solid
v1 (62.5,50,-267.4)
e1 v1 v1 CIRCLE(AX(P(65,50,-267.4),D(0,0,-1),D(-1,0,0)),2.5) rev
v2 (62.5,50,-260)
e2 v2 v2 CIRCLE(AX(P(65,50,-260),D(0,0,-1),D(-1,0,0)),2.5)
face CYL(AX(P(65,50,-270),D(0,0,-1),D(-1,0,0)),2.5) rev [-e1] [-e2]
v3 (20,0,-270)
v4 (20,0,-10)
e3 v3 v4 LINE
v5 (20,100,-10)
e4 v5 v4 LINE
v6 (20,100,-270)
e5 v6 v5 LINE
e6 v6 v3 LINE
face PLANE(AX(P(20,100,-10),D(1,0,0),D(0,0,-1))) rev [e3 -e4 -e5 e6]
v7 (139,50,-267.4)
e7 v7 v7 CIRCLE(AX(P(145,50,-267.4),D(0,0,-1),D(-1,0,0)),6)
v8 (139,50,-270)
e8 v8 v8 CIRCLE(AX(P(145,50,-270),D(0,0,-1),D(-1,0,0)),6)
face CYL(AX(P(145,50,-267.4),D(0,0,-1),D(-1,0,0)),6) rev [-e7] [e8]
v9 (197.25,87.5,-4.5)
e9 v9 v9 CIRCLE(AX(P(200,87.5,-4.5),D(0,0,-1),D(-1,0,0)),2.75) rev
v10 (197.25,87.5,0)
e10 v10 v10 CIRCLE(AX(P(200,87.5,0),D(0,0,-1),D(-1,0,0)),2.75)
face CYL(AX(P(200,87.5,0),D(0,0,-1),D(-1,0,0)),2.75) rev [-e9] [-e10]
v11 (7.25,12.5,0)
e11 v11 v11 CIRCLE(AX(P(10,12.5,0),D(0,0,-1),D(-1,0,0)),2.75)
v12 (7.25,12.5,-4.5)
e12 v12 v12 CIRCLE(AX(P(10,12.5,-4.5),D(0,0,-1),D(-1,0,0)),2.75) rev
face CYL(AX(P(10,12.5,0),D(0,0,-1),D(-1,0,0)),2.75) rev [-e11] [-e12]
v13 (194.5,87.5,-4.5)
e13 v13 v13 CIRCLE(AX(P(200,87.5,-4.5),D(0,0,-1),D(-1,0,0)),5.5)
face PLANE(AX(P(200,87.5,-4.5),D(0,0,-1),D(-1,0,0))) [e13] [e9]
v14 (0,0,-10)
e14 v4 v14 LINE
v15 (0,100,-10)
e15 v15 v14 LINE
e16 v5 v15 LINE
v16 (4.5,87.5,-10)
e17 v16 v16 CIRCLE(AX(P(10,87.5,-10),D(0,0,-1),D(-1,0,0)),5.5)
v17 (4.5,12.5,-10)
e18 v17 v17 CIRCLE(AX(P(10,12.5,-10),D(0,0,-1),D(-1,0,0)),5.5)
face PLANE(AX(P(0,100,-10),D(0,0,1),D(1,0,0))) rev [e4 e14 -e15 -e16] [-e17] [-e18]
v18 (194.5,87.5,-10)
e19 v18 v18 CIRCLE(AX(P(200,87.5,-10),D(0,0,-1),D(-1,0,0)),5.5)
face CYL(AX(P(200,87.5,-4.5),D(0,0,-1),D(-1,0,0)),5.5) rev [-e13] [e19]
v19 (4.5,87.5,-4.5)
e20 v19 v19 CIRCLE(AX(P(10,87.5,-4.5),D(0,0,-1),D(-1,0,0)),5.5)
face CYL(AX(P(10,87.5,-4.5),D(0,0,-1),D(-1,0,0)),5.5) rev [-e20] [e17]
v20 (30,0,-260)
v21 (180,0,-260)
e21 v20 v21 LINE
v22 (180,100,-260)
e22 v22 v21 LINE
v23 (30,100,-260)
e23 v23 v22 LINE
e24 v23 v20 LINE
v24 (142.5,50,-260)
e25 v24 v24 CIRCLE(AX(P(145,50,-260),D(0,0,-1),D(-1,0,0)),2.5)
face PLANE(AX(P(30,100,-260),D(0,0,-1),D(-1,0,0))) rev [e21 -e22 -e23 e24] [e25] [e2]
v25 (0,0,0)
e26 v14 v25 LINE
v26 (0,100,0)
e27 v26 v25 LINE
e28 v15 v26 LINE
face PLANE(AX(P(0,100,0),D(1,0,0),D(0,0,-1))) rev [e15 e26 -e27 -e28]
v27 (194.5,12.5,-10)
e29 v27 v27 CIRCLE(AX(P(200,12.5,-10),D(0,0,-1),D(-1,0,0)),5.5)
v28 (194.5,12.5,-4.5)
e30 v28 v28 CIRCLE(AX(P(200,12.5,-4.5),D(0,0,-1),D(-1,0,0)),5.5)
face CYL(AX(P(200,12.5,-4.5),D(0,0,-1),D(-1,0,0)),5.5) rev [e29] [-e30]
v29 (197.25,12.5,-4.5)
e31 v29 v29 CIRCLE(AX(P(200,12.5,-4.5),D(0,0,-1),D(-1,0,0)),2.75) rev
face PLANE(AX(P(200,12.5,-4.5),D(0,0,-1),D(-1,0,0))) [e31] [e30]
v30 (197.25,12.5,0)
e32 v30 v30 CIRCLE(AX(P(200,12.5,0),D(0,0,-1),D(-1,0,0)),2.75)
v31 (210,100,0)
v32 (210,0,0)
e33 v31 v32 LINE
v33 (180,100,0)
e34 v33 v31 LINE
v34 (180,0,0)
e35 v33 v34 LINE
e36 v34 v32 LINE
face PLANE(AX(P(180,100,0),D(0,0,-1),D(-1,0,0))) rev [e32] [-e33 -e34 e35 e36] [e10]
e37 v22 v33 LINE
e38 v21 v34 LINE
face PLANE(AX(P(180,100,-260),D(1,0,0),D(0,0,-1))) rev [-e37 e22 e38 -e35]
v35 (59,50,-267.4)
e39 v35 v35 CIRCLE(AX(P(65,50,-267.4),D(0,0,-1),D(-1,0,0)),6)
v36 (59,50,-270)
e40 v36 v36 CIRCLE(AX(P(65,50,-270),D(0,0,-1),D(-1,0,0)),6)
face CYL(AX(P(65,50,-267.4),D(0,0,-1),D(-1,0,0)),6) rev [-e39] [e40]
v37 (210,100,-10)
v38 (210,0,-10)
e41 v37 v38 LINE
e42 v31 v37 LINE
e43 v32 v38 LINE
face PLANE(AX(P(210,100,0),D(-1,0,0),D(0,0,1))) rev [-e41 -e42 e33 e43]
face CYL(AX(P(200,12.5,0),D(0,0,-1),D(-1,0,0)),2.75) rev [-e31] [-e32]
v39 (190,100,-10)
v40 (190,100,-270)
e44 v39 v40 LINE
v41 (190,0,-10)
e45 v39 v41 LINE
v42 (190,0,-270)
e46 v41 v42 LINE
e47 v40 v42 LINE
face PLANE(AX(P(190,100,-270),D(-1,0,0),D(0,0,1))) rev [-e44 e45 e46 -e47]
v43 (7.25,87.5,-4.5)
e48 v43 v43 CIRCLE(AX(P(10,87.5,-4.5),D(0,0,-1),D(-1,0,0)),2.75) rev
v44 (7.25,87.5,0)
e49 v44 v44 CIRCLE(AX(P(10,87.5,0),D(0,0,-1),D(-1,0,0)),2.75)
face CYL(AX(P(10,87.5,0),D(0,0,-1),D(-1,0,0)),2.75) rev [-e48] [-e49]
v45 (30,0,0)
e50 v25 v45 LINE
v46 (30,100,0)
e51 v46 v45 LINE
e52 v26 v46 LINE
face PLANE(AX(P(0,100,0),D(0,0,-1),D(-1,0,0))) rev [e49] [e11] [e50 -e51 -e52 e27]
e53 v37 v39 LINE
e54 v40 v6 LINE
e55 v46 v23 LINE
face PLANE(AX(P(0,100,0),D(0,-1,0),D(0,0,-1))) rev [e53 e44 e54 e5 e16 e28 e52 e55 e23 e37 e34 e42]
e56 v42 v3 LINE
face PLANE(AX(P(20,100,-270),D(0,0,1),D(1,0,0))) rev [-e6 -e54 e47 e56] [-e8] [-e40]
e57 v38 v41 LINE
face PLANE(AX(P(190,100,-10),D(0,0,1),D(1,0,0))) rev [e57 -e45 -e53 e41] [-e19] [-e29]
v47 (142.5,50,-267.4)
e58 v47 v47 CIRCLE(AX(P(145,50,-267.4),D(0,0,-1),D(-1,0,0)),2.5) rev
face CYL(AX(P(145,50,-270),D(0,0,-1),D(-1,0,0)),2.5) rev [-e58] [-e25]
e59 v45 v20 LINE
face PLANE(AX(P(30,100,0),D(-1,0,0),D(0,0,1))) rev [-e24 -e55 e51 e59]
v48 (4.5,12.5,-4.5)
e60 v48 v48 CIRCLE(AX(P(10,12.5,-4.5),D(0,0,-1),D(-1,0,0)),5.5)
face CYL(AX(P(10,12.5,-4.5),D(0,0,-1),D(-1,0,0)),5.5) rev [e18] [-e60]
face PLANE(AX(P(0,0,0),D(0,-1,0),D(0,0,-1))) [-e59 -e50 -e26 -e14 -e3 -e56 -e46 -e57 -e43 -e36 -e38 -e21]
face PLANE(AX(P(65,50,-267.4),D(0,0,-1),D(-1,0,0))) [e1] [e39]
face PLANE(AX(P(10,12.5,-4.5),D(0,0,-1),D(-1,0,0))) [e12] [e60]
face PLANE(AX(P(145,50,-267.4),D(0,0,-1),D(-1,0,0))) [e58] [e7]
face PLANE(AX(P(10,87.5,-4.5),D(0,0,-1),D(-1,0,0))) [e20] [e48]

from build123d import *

# Parameters (mm, degrees)
BOSS_EXTRUDE1_DEPTH   = 100
M6_TAPPED_HOLE2_D     = 5
M6_TAPPED_HOLE2_DEPTH = 13.497848452
M6_TAPPED_HOLE2_TIP   = 1.502151548
SKETCH9_R             = 6
CUT_EXTRUDE2_DEPTH    = 2.6
SKETCH10_R            = 2.75
CUT_EXTRUDE3_DEPTH    = 11
SKETCH11_R            = 5.5
CUT_EXTRUDE4_DEPTH    = 5.5


with BuildPart() as part:
    # Sketch1 → Boss-Extrude1 (new body)
    with BuildSketch(Plane(origin=(0, 0, 0), x_dir=(1, 0, 0), z_dir=(0, 1, 0))):
        Polygon((0, 0), (30, 0), (30, 260), (180, 260), (180, 0), (210, 0), (210, 10), (190, 10), (190, 270), (20, 270), (20, 10), (0, 10), align=None)
    extrude(amount=BOSS_EXTRUDE1_DEPTH)

    # M6 Tapped Hole2
    with Locations(Plane(origin=(0, 0, -270), x_dir=(-1, 0, 0), z_dir=(0, 0, -1))):
        with Locations((-145, 50), (-65, 50)):
            Hole(M6_TAPPED_HOLE2_D / 2, depth=M6_TAPPED_HOLE2_DEPTH)
            with Locations((0, 0, -(M6_TAPPED_HOLE2_DEPTH + M6_TAPPED_HOLE2_TIP / 2))):  # 118° drill point
                Cone(0, M6_TAPPED_HOLE2_D / 2, M6_TAPPED_HOLE2_TIP, mode=Mode.SUBTRACT)

    # Sketch9 → Cut-Extrude2 (cut)
    with BuildSketch(Plane(origin=(0, 0, -270), x_dir=(-1, 0, 0), z_dir=(0, 0, -1))):
        with Locations((-145, 50)):
            Circle(SKETCH9_R)
        with Locations((-65, 50)):
            Circle(SKETCH9_R)
    extrude(amount=-CUT_EXTRUDE2_DEPTH, mode=Mode.SUBTRACT)

    # Sketch10 → Cut-Extrude3 (cut, through all)
    with BuildSketch(Plane(origin=(0, 0, -10), x_dir=(-1, 0, 0), z_dir=(0, 0, -1))):
        with Locations((-10, 87.5)):
            Circle(SKETCH10_R)
        with Locations((-10, 12.5)):
            Circle(SKETCH10_R)
        with Locations((-200, 12.5)):
            Circle(SKETCH10_R)
        with Locations((-200, 87.5)):
            Circle(SKETCH10_R)
    extrude(amount=-CUT_EXTRUDE3_DEPTH, mode=Mode.SUBTRACT)

    # Sketch11 → Cut-Extrude4 (cut)
    with BuildSketch(Plane(origin=(0, 0, -10), x_dir=(-1, 0, 0), z_dir=(0, 0, -1))):
        with Locations((-10, 87.5)):
            Circle(SKETCH11_R)
        with Locations((-10, 12.5)):
            Circle(SKETCH11_R)
        with Locations((-200, 12.5)):
            Circle(SKETCH11_R)
        with Locations((-200, 87.5)):
            Circle(SKETCH11_R)
    extrude(amount=-CUT_EXTRUDE4_DEPTH, mode=Mode.SUBTRACT)


solid = part.part
